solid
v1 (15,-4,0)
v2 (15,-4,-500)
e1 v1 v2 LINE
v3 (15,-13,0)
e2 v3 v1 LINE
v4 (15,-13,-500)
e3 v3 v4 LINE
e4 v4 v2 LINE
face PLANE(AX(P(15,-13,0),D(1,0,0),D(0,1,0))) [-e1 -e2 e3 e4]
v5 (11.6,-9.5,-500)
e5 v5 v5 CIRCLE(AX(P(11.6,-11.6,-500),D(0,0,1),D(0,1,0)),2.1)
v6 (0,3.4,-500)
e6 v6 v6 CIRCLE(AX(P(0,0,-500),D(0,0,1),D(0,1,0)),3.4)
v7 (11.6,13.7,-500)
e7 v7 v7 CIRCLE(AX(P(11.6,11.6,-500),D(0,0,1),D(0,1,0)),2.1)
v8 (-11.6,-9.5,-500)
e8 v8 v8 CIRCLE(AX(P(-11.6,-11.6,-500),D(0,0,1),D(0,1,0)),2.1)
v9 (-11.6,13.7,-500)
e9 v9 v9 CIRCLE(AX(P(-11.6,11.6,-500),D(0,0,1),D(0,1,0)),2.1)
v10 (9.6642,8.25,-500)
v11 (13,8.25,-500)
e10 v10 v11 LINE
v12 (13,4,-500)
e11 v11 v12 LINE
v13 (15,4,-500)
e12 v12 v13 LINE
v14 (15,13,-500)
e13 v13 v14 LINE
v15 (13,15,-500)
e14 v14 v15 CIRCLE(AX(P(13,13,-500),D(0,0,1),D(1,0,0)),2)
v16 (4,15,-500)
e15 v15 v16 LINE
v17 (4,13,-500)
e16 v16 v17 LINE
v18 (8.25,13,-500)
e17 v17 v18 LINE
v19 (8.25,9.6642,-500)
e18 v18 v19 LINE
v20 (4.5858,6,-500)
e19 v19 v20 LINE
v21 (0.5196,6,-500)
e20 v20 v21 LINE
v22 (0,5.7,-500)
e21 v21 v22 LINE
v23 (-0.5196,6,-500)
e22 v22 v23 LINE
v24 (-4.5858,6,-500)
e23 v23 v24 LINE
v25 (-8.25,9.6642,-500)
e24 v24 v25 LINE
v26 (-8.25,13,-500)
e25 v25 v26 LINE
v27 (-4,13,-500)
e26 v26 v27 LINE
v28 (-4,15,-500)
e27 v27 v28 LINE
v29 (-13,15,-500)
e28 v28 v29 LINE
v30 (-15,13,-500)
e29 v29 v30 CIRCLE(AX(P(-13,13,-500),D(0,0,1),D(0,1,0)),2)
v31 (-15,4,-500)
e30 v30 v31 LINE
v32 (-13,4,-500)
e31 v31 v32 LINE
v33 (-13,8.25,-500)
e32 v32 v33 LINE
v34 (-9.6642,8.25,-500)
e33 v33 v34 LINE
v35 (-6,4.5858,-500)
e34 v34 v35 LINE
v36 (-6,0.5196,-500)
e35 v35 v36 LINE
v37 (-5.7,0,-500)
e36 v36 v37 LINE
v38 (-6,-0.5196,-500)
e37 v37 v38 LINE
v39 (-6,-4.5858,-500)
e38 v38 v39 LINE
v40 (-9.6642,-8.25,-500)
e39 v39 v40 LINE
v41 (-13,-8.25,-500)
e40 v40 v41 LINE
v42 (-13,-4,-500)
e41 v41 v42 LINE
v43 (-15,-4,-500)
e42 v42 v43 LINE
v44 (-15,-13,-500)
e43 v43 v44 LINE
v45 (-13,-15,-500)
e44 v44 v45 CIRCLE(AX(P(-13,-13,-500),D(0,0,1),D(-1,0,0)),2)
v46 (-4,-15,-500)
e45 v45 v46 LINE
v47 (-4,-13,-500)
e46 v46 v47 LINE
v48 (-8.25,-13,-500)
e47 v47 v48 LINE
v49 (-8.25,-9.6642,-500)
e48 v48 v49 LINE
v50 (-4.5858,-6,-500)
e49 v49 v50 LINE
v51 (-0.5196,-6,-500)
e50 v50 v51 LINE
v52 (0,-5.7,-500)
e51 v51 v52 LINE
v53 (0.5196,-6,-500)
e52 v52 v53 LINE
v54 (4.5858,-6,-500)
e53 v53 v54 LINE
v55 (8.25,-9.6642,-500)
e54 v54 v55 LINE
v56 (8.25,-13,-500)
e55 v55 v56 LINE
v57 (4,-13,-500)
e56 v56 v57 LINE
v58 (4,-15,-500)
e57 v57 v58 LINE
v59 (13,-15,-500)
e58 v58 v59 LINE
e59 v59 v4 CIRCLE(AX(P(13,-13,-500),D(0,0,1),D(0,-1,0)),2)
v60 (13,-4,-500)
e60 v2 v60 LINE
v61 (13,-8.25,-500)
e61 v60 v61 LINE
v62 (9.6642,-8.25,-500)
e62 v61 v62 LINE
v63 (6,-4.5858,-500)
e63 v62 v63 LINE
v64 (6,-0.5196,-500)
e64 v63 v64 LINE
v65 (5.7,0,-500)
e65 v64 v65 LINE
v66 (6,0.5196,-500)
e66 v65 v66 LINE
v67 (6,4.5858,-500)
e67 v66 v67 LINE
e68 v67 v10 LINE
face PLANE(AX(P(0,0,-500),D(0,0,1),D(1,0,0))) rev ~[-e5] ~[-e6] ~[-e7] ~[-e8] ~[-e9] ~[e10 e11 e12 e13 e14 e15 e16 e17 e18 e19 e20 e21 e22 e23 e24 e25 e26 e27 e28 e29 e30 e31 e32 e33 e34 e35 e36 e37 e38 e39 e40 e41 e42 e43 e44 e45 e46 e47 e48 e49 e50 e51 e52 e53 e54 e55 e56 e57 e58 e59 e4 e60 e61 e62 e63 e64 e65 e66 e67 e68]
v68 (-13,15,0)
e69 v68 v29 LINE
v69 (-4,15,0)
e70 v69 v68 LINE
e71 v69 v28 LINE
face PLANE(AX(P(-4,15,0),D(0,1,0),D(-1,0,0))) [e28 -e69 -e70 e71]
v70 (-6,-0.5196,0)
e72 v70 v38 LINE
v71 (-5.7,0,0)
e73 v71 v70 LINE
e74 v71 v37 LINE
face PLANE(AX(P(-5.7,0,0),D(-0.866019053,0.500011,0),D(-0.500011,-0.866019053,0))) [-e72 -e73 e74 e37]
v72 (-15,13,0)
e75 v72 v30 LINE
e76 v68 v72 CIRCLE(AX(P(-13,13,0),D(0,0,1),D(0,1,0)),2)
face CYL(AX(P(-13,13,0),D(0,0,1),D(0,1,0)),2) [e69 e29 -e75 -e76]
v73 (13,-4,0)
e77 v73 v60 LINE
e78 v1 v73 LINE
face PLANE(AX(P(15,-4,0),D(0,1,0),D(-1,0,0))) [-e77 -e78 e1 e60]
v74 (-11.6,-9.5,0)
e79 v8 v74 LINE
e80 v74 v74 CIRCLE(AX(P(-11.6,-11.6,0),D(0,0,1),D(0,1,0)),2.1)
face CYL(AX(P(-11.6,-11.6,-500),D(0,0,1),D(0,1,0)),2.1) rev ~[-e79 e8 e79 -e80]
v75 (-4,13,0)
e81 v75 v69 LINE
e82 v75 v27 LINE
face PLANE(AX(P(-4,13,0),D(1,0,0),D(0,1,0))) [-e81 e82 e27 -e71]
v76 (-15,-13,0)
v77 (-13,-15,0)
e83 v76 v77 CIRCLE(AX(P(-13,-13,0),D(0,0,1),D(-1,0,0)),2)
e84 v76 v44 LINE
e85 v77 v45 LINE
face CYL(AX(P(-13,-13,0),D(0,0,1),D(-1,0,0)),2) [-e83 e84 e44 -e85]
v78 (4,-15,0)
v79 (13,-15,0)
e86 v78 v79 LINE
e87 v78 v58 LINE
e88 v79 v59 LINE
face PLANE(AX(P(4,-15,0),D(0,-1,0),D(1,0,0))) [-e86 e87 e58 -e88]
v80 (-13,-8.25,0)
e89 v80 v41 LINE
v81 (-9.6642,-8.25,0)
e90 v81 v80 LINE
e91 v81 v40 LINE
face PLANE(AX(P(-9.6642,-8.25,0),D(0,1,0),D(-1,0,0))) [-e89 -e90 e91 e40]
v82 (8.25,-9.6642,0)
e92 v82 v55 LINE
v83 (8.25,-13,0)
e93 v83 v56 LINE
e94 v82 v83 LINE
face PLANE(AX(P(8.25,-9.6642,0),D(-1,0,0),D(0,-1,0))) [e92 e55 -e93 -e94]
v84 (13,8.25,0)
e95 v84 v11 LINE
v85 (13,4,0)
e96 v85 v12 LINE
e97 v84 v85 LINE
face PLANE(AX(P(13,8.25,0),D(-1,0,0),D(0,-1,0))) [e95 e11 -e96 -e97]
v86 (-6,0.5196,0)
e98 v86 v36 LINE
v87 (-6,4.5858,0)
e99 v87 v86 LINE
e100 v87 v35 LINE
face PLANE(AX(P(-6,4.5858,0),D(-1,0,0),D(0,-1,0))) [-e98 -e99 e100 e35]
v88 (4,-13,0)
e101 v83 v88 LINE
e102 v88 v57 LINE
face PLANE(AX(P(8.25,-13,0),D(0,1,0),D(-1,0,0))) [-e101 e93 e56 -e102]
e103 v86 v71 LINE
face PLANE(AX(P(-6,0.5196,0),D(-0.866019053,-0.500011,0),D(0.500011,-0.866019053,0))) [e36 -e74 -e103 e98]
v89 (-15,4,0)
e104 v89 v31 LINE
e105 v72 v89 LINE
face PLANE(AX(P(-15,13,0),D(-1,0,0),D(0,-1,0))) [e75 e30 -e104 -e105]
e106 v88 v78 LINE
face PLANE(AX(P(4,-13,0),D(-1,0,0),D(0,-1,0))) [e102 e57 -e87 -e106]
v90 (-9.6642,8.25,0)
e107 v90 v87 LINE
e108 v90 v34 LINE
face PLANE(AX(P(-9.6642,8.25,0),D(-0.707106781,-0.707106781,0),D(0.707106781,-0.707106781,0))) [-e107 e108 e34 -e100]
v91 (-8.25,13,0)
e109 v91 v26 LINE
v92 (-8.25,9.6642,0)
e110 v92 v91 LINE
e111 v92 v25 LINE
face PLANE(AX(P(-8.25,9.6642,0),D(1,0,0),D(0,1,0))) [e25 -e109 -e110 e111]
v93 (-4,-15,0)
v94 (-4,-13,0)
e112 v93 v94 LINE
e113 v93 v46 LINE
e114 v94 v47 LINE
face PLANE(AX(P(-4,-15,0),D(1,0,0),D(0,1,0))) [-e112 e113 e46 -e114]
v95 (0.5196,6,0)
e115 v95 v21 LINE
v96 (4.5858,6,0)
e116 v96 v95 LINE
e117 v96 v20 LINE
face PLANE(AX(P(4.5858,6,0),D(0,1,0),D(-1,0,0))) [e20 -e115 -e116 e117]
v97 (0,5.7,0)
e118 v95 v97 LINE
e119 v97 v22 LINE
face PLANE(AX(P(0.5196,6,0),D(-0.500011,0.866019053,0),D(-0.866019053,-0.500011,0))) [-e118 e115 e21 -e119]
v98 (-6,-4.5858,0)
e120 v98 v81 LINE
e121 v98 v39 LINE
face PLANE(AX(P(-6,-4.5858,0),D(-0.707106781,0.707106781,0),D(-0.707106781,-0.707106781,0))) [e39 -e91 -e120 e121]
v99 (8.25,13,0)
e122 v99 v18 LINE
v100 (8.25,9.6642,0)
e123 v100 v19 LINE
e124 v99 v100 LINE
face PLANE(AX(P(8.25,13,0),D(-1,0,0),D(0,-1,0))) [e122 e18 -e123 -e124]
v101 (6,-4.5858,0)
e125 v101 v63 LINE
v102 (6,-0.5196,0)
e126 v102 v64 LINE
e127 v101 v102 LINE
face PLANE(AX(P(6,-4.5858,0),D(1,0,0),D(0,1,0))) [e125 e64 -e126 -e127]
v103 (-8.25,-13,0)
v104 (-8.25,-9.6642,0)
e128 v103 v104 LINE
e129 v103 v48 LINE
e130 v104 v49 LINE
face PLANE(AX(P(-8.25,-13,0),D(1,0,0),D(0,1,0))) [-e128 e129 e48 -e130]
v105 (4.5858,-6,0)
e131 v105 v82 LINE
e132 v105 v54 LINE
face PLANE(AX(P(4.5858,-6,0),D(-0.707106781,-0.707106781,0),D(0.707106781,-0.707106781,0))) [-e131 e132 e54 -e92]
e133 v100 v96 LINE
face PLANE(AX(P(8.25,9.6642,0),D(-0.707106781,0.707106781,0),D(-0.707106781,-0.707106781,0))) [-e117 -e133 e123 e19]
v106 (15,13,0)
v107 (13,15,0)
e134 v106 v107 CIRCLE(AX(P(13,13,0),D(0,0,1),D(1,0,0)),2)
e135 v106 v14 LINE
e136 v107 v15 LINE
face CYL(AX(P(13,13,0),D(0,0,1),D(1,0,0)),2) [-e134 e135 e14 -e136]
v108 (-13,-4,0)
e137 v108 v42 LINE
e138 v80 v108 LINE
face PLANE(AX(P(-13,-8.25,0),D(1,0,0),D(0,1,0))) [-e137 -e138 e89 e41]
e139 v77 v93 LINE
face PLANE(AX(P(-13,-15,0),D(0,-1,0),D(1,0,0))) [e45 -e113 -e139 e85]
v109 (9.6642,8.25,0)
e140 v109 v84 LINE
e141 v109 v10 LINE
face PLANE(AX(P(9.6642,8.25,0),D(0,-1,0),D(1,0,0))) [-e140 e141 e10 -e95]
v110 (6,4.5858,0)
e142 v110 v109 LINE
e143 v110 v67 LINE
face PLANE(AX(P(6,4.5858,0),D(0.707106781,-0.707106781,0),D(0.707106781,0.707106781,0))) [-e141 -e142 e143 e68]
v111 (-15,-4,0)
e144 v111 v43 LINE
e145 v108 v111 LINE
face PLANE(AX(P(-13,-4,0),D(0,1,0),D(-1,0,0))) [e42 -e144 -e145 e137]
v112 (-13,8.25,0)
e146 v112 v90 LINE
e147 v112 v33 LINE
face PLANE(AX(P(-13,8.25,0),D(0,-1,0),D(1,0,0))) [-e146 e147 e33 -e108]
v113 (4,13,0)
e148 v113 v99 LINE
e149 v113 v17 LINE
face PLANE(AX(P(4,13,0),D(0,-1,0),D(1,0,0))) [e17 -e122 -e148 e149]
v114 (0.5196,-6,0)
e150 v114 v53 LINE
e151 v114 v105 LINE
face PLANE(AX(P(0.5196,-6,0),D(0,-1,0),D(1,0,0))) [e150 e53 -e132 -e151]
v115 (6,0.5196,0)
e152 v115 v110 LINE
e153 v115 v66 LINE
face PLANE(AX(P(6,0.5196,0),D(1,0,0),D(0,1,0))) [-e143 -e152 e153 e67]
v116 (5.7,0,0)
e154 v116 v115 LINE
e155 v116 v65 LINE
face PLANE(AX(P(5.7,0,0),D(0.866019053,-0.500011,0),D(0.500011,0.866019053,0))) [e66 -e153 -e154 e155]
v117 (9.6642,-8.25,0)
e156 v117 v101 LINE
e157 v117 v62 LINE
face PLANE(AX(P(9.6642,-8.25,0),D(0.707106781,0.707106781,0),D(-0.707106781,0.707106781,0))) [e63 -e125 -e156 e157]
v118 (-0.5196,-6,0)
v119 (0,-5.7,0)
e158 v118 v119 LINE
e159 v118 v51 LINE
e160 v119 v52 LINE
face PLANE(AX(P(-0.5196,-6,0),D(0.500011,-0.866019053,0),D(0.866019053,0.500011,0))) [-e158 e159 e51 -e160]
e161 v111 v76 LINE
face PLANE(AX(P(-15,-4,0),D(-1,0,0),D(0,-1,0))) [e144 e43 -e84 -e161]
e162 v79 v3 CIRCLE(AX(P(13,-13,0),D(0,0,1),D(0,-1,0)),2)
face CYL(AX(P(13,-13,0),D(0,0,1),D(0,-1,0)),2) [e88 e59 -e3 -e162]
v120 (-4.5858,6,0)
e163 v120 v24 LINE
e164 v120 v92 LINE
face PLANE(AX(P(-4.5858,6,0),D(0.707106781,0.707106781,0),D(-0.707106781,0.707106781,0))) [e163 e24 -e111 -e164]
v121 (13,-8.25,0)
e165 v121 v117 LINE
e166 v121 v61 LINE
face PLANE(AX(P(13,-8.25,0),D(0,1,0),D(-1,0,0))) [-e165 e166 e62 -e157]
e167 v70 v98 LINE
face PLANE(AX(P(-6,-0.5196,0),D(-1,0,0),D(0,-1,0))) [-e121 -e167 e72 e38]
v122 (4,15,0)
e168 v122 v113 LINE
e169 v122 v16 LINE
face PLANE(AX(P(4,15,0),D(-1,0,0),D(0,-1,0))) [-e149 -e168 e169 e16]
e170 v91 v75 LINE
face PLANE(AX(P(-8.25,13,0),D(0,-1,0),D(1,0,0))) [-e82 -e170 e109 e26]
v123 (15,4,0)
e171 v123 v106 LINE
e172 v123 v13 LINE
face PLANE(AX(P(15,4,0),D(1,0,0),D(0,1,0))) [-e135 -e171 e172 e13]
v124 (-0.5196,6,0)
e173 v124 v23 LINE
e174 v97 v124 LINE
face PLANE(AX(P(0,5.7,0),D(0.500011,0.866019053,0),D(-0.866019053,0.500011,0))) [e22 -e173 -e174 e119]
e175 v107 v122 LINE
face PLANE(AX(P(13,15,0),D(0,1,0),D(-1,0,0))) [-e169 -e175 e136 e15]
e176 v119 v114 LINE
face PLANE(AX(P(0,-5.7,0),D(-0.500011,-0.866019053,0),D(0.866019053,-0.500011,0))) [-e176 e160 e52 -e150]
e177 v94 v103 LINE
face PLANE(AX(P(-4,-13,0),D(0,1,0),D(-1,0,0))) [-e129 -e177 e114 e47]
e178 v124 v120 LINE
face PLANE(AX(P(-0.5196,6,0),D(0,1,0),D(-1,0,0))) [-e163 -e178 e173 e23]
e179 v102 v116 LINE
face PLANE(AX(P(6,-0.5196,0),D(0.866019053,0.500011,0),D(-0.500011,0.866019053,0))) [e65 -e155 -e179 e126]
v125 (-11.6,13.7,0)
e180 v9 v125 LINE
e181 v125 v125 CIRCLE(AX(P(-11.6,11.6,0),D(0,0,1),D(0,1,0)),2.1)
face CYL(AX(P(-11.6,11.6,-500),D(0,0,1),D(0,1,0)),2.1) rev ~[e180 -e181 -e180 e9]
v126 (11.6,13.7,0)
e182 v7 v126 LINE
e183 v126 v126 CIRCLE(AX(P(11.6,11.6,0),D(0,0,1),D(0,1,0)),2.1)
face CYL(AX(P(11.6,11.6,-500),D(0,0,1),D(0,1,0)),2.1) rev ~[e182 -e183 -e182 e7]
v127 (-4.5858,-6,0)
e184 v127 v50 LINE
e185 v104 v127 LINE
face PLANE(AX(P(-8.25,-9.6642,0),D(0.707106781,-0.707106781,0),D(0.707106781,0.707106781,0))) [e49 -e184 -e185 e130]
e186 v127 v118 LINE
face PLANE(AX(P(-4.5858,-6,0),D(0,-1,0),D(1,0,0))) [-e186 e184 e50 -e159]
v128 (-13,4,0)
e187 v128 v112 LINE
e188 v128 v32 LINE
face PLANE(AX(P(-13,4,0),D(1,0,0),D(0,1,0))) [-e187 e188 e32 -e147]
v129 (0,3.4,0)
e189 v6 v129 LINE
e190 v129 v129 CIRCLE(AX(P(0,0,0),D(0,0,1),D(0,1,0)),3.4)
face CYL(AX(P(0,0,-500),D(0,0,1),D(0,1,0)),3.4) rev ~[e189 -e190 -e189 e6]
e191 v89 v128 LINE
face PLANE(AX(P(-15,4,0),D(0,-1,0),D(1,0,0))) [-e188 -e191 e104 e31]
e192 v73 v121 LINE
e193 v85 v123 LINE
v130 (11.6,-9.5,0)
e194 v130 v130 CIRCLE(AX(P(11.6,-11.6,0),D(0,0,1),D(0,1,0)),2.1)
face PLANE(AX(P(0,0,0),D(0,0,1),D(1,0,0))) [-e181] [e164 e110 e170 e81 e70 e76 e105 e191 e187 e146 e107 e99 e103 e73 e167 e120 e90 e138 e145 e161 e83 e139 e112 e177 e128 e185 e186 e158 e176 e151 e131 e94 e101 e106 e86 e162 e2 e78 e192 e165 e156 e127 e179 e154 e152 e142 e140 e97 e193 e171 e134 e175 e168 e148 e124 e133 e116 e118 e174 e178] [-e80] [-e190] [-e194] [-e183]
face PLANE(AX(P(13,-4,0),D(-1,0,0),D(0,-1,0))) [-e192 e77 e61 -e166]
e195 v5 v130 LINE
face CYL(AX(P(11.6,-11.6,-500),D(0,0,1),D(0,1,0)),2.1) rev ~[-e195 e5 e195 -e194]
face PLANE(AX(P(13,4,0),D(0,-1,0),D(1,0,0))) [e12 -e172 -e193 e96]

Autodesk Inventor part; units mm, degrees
sketch "Sketch_1" plane through (0, 0, 0) normal (0, 0, 1) x (1, 0, 0)
  line L0 (-15, 4) -> (-13, 4)
  line L1 (-13, 4) -> (-13, 8.25)
  line L2 (-13, 8.25) -> (-9.6642, 8.25)
  line L3 (-9.6642, 8.25) -> (-6, 4.5858)
  line L4 (-6, 4.5858) -> (-6, 0.5196)
  line L5 (-6, 0.5196) -> (-5.7, 0)
  line L6 (-5.7, 0) -> (-6, -0.5196)
  line L7 (-6, -0.5196) -> (-6, -4.5858)
  line L8 (-6, -4.5858) -> (-9.6642, -8.25)
  line L9 (-9.6642, -8.25) -> (-13, -8.25)
  line L10 (-13, -8.25) -> (-13, -4)
  line L11 (-13, -4) -> (-15, -4)
  line L12 (-15, -4) -> (-15, -13)
  arc A0 (-15, -13) -> (-13, -15) centre (-13, -13) ccw
  line L13 (-13, -15) -> (-4, -15)
  line L14 (-4, -15) -> (-4, -13)
  line L15 (-4, -13) -> (-8.25, -13)
  line L16 (-8.25, -13) -> (-8.25, -9.6642)
  line L17 (-8.25, -9.6642) -> (-4.5858, -6)
  line L18 (-4.5858, -6) -> (-0.5196, -6)
  line L19 (-0.5196, -6) -> (0, -5.7)
  line L20 (0, -5.7) -> (0.5196, -6)
  line L21 (0.5196, -6) -> (4.5858, -6)
  line L22 (4.5858, -6) -> (8.25, -9.6642)
  line L23 (8.25, -9.6642) -> (8.25, -13)
  line L24 (8.25, -13) -> (4, -13)
  line L25 (4, -13) -> (4, -15)
  line L26 (4, -15) -> (13, -15)
  arc A1 (13, -15) -> (15, -13) centre (13, -13) ccw
  line L27 (15, -13) -> (15, -4)
  line L28 (15, -4) -> (13, -4)
  line L29 (13, -4) -> (13, -8.25)
  line L30 (13, -8.25) -> (9.6642, -8.25)
  line L31 (9.6642, -8.25) -> (6, -4.5858)
  line L32 (6, -4.5858) -> (6, -0.5196)
  line L33 (6, -0.5196) -> (5.7, 0)
  line L34 (5.7, 0) -> (6, 0.5196)
  line L35 (6, 0.5196) -> (6, 4.5858)
  line L36 (6, 4.5858) -> (9.6642, 8.25)
  line L37 (9.6642, 8.25) -> (13, 8.25)
  line L38 (13, 8.25) -> (13, 4)
  line L39 (13, 4) -> (15, 4)
  line L40 (15, 4) -> (15, 13)
  arc A2 (15, 13) -> (13, 15) centre (13, 13) ccw
  line L41 (13, 15) -> (4, 15)
  line L42 (4, 15) -> (4, 13)
  line L43 (4, 13) -> (8.25, 13)
  line L44 (8.25, 13) -> (8.25, 9.6642)
  line L45 (8.25, 9.6642) -> (4.5858, 6)
  line L46 (4.5858, 6) -> (0.5196, 6)
  line L47 (0.5196, 6) -> (0, 5.7)
  line L48 (0, 5.7) -> (-0.5196, 6)
  line L49 (-0.5196, 6) -> (-4.5858, 6)
  line L50 (-4.5858, 6) -> (-8.25, 9.6642)
  line L51 (-8.25, 9.6642) -> (-8.25, 13)
  line L52 (-8.25, 13) -> (-4, 13)
  line L53 (-4, 13) -> (-4, 15)
  line L54 (-4, 15) -> (-13, 15)
  arc A3 (-13, 15) -> (-15, 13) centre (-13, 13) ccw
  line L55 (-15, 13) -> (-15, 4)
extrude "Extrusion1" add sketch "Sketch_1" against normal blind 500
sketch "Sketch2" plane through (0, 0, -500) normal (0, 0, -1) x (-1, 0, 0)
  point P0 (0, 0)
hole "Hole1" at (0, 0, -500) direction (0, 0, 1) diameter 6.8 depth 500
sketch "Sketch3" plane through (0, 0, -500) normal (0, 0, -1) x (-1, 0, 0)
  point P0 (-11.6, 11.6)
hole "Hole2" at (11.6, 11.6, -500) direction (0, 0, 1) diameter 4.2 depth 500
pattern_linear "Rectangular Pattern1" count 2 spacing 23.2 along (-1, 0, 0) count 2 spacing 23.2 along (0, -1, 0) of "Hole2"
ref_plane "C1_XY" through (0, 0, 0) normal (0, 0, 1) x (1, 0, 0)
ref_plane "C1_YZ" through (0, 0, 0) normal (1, 0, 0) x (0, 1, 0)
ref_plane "C1_ZX" through (0, 0, 0) normal (0, 1, 0) x (0, 0, 1)
ref_plane "to_frame_cap1_XY" through (0, 0, 0) normal (0, 0, 1) x (1, 0, 0)
ref_plane "to_frame_cap1_YZ" through (0, 0, 0) normal (1, 0, 0) x (0, 1, 0)
ref_plane "to_frame_cap1_ZX" through (0, 0, 0) normal (0, 1, 0) x (0, 0, 1)
ref_plane "to_frame_cap2_XY" through (0, 0, -500) normal (0, 0, -1) x (1, 0, 0)
ref_plane "to_frame_cap2_YZ" through (0, 0, -500) normal (1, 0, 0) x (0, -1, 0)
ref_plane "to_frame_cap2_ZX" through (0, 0, -500) normal (0, -1, 0) x (0, 0, -1)
properties part number "HFS6-3030-500"
